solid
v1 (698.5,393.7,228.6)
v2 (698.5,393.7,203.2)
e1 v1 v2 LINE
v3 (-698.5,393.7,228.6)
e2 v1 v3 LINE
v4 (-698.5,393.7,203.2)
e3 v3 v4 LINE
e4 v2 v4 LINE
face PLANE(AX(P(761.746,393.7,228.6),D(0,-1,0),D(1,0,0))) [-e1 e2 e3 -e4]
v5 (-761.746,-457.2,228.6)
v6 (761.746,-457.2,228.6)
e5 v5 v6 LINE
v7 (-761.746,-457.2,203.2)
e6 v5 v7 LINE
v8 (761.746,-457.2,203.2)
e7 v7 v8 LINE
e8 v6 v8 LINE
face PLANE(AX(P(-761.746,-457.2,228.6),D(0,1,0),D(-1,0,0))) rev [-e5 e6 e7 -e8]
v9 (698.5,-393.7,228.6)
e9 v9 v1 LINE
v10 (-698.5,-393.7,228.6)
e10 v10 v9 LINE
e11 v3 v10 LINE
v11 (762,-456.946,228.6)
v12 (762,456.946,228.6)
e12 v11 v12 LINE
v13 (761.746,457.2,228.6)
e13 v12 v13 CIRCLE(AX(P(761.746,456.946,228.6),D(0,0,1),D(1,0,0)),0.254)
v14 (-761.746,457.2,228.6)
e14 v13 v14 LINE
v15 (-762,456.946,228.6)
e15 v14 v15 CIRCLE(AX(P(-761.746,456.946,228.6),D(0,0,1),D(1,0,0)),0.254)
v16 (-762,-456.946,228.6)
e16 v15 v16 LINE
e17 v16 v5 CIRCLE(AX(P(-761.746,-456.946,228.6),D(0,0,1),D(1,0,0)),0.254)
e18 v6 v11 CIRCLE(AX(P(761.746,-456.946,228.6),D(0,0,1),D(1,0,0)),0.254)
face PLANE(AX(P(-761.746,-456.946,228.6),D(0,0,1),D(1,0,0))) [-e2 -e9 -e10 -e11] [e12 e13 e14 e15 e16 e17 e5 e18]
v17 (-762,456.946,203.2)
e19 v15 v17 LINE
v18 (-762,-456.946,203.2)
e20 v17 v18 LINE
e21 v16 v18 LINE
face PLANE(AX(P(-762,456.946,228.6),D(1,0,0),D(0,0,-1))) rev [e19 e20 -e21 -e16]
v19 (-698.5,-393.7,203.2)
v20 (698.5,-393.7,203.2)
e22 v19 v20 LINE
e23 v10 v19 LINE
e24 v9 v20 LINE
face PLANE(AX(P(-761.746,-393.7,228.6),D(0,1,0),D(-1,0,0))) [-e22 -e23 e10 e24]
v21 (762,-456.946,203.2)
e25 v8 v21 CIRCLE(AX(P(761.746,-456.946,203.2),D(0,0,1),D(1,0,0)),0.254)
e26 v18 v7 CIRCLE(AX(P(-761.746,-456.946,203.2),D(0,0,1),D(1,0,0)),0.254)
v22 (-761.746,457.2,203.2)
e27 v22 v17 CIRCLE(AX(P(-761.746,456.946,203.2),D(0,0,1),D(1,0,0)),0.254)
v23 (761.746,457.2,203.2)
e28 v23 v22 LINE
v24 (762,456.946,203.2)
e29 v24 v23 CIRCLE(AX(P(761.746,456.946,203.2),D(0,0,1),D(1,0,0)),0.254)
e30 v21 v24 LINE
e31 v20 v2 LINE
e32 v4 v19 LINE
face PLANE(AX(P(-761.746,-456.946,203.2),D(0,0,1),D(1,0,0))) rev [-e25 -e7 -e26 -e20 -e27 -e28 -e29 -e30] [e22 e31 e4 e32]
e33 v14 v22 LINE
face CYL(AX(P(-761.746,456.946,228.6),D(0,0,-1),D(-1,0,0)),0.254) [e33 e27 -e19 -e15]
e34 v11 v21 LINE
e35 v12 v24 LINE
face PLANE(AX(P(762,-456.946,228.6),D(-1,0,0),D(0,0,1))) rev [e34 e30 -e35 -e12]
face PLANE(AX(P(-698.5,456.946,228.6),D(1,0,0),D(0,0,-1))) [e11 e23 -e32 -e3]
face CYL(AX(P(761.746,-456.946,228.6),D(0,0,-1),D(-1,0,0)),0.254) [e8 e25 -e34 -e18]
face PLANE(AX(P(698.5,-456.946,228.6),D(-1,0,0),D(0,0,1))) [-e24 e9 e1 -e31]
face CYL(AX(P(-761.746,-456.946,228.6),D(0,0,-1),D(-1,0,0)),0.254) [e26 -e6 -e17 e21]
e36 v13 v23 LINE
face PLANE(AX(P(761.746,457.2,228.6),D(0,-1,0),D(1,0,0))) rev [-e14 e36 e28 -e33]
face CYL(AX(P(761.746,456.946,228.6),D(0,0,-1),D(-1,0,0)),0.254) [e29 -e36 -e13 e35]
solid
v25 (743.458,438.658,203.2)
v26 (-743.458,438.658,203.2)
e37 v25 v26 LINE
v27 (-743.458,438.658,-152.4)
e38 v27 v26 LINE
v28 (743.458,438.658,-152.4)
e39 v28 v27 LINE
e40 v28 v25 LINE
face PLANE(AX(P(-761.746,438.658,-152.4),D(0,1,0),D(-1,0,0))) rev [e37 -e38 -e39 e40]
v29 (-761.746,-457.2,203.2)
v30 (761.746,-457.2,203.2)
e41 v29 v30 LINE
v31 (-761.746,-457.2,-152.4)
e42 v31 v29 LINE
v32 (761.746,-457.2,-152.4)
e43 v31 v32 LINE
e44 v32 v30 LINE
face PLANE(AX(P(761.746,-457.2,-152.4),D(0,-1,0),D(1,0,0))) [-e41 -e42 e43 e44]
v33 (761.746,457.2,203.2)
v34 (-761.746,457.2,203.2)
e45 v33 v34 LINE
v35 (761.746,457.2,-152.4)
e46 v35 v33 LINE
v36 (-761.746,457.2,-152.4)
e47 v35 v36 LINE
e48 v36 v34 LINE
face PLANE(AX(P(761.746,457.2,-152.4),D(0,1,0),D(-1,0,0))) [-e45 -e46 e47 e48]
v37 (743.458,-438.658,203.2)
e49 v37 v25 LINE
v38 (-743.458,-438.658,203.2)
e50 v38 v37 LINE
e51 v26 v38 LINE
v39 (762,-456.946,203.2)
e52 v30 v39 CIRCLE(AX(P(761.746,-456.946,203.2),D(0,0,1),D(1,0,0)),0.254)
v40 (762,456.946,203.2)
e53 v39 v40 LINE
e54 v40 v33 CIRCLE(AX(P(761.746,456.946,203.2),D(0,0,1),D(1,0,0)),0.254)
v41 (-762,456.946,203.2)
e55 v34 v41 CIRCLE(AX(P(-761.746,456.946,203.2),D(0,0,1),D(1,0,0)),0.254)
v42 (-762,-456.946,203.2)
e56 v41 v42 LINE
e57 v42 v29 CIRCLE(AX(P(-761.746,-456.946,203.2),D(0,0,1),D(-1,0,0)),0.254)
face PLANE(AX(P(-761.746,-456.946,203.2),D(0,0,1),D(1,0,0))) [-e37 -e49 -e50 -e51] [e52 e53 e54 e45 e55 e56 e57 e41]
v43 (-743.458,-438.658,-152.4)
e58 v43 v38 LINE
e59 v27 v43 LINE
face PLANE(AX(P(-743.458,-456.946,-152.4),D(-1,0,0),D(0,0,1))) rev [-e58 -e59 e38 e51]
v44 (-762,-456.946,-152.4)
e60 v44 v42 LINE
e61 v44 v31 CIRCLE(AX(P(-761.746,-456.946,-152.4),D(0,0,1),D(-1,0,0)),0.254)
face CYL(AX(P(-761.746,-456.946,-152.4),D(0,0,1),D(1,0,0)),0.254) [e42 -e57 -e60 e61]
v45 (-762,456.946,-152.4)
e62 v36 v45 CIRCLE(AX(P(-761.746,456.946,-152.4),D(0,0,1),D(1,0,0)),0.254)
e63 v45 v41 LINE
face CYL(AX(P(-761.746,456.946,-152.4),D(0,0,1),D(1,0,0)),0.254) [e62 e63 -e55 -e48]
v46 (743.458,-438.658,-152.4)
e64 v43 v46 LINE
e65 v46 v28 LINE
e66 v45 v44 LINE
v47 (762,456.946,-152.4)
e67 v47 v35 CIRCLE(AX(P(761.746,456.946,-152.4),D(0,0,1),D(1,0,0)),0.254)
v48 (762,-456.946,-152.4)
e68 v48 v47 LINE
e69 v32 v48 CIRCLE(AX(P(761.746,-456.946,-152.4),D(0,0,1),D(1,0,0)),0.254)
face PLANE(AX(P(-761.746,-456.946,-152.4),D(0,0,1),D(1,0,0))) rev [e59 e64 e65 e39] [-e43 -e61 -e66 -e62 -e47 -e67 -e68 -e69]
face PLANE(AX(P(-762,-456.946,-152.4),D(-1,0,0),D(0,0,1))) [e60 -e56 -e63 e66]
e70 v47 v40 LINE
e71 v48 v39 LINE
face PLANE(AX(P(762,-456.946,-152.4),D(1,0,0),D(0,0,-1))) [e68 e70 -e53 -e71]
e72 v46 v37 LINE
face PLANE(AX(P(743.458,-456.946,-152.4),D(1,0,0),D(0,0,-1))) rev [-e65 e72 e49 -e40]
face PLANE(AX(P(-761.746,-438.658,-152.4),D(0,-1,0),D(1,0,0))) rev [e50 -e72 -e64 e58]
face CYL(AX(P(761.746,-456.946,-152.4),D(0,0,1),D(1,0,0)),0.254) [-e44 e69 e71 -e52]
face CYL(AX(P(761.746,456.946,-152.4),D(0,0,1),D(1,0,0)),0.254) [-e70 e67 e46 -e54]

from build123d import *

# Parameters (mm, degrees)
EXTRUDE_THIN1_DEPTH      = 203.2
EXTRUDE_THIN1_DEPTH_BACK = 152.4
SKETCH1_W                = 1486.916
SKETCH1_H                = 877.316
SKETCH2_W                = 1397
SKETCH2_H                = 787.4
EXTRUDE_THIN2_DEPTH      = 25.4


with BuildPart() as part:
    # Sketch1 → Extrude-Thin1 (new, two sides: drawn at the far end of the back side and taken through both)
    with BuildSketch(Plane.XY.offset(-EXTRUDE_THIN1_DEPTH_BACK)):
        with BuildLine():
            Line((-761.746, 457.2), (761.746, 457.2))
            ThreePointArc((761.746, 457.2), (761.925605122, 457.125605122), (762, 456.946))
            Line((762, 456.946), (762, -456.946))
            ThreePointArc((762, -456.946), (761.925605123, -457.125605122), (761.746, -457.2))
            Line((761.746, -457.2), (-761.746, -457.2))
            ThreePointArc((-761.746, -457.2), (-761.925605123, -457.125605123), (-762, -456.946))
            Line((-762, -456.946), (-762, 456.946))
            ThreePointArc((-762, 456.946), (-761.925605123, 457.125605123), (-761.746, 457.2))
        make_face()
        Rectangle(SKETCH1_W, SKETCH1_H, mode=Mode.SUBTRACT)
    extrude(amount=EXTRUDE_THIN1_DEPTH + EXTRUDE_THIN1_DEPTH_BACK)


with BuildPart() as body_2:
    # Sketch2 → Extrude-Thin2 (new body)
    with BuildSketch(Plane.XY.offset(203.2)):
        with BuildLine():
            Line((-762, 456.946), (-762, -456.946))
            ThreePointArc((-762, -456.946), (-761.925605123, -457.125605122), (-761.746, -457.2))
            Line((-761.746, -457.2), (761.746, -457.2))
            ThreePointArc((761.746, -457.2), (761.925605123, -457.125605122), (762, -456.946))
            Line((762, -456.946), (762, 456.946))
            ThreePointArc((762, 456.946), (761.925605122, 457.125605122), (761.746, 457.2))
            Line((761.746, 457.2), (-761.746, 457.2))
            ThreePointArc((-761.746, 457.2), (-761.925605123, 457.125605123), (-762, 456.946))
        make_face()
        Rectangle(SKETCH2_W, SKETCH2_H, mode=Mode.SUBTRACT)
    extrude(amount=EXTRUDE_THIN2_DEPTH)


solid = Compound([part.part, body_2.part])
